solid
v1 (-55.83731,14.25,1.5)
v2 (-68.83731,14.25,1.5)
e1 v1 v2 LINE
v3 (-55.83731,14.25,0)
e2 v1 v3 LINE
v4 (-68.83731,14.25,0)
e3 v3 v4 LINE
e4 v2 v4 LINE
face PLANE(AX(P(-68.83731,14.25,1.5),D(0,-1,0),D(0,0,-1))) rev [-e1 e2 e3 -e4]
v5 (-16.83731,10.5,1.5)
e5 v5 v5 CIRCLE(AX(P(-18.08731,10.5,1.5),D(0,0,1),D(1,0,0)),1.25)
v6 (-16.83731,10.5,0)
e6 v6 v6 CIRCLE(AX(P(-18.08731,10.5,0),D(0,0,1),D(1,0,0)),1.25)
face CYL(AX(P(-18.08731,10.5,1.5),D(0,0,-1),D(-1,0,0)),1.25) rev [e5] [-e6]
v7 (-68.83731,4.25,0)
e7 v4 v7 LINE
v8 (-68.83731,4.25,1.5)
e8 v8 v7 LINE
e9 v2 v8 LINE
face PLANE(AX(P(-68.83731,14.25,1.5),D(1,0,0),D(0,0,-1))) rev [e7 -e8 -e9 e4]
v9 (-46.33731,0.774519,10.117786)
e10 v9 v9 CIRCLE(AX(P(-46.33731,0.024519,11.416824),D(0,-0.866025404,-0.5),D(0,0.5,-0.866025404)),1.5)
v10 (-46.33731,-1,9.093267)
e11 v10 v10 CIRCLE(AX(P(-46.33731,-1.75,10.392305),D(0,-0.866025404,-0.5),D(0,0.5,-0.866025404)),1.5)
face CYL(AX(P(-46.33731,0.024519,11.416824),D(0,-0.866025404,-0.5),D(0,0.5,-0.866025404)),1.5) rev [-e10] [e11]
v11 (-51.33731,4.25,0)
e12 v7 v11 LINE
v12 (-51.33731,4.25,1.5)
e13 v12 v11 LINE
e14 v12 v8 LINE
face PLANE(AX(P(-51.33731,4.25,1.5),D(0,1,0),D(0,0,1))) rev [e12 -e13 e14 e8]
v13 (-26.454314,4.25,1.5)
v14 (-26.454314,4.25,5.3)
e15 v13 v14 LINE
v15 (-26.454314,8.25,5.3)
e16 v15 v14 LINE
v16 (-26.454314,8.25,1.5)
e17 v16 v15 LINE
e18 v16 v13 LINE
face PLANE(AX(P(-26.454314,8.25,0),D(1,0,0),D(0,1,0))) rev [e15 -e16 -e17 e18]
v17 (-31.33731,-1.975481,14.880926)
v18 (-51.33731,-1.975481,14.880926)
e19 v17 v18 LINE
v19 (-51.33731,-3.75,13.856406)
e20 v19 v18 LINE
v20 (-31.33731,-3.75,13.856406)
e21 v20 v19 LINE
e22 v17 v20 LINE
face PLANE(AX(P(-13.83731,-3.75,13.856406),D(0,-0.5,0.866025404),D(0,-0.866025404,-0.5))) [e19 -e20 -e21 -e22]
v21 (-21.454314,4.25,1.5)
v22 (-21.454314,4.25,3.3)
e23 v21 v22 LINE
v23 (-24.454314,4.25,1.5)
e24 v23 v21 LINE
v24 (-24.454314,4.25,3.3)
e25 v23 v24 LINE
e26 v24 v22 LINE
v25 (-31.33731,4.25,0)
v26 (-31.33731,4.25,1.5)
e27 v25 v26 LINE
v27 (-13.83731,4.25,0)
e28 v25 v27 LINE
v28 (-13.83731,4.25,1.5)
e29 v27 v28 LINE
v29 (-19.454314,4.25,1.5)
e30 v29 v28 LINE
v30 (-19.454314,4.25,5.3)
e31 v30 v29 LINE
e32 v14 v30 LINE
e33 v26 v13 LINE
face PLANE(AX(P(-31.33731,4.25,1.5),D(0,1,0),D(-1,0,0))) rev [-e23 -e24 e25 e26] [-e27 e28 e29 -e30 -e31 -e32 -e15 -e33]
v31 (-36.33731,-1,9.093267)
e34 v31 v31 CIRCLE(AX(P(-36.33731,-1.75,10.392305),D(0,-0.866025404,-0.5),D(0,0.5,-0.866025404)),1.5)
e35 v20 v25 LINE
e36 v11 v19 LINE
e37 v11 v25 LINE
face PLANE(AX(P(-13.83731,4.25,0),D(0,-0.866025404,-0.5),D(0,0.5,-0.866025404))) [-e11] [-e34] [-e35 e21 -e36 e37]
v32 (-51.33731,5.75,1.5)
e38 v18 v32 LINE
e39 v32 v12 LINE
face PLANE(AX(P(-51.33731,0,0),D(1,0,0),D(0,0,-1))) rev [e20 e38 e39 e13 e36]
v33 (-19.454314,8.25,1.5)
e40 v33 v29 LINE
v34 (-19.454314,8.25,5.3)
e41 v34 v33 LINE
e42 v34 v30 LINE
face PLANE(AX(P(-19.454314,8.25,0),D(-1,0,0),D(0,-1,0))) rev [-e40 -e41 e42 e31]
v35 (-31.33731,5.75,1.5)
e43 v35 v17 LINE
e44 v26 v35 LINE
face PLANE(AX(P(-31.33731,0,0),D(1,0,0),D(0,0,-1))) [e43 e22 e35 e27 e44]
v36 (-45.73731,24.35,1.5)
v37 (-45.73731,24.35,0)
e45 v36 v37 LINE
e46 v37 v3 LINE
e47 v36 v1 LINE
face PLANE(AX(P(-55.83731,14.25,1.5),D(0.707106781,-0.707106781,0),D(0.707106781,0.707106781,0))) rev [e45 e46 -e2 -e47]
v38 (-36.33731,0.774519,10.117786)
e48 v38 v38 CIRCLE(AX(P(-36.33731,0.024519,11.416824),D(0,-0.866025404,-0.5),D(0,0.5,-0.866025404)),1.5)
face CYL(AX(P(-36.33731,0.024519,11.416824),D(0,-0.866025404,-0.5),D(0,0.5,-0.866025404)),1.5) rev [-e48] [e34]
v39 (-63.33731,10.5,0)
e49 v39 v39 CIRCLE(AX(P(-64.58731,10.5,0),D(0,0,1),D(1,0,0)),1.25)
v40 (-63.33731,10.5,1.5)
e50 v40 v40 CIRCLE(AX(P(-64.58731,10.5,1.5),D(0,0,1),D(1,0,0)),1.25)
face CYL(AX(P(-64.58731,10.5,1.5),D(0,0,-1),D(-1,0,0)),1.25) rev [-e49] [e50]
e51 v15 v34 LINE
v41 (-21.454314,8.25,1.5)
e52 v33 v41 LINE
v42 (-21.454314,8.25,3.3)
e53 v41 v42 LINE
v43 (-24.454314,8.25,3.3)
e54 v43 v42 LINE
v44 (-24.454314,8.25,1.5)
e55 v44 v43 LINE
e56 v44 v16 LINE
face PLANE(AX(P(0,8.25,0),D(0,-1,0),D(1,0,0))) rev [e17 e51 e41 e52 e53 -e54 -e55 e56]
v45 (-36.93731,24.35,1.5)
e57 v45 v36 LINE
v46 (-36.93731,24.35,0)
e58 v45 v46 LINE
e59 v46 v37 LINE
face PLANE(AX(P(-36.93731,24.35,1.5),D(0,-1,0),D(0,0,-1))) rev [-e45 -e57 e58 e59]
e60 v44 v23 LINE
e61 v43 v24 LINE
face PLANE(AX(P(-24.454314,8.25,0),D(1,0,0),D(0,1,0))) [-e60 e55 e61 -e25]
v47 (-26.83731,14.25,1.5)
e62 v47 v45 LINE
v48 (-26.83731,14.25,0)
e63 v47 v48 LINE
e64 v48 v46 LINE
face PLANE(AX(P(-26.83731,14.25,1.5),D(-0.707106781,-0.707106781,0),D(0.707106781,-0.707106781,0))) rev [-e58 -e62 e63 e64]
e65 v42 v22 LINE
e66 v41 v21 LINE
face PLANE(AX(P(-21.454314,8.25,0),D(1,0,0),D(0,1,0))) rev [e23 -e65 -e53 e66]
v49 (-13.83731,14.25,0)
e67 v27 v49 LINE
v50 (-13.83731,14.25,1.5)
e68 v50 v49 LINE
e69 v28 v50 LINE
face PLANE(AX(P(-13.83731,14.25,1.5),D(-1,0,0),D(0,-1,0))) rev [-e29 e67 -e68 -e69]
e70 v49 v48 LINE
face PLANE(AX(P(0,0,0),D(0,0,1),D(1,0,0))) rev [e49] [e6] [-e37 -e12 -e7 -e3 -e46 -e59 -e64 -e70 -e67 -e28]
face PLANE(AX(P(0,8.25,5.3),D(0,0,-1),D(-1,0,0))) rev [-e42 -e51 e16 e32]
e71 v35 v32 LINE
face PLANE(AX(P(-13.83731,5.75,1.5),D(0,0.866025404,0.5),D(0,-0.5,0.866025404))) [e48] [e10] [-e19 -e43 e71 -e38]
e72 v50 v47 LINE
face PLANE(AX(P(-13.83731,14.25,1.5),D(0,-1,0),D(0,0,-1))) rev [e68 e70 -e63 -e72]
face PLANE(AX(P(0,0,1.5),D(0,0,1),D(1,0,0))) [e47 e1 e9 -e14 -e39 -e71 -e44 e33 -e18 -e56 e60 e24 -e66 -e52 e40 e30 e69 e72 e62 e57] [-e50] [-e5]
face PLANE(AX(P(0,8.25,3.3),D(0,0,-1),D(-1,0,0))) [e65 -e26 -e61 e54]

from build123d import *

# Parameters (mm, degrees)
CROQUIS1_R              = 1.25
SALIENTE_EXTRUIR1_DEPTH = 1.5
SALIENTE_EXTRUIR2_DEPTH = 55
CORTAR_EXTRUIR1_DEPTH   = 17.5
CORTAR_EXTRUIR2_DEPTH   = 17.5
CROQUIS4_R              = 1.5
CORTAR_EXTRUIR3_DEPTH   = 2.049041
SALIENTE_EXTRUIR3_DEPTH = 4


with BuildPart() as part:
    # Croquis1 → Saliente-Extruir1 (new body)
    with BuildSketch(Plane.XY):
        Polygon((-68.837310195, 14.25), (-55.837310195, 14.25), (-45.737310195, 24.35), (-36.937310195, 24.35), (-26.837310195, 14.25), (-13.837310195, 14.25), (-13.837310195, 4.25), (-68.837310195, 4.25), align=None)
        with Locations((-18.087310195, 10.5)):
            Circle(CROQUIS1_R, mode=Mode.SUBTRACT)
        with Locations((-64.587310195, 10.5)):
            Circle(CROQUIS1_R, mode=Mode.SUBTRACT)
    extrude(amount=SALIENTE_EXTRUIR1_DEPTH)

    # Croquis2 → Saliente-Extruir2 (add)
    with BuildSketch(Plane.ZY.offset(68.837310195)):
        Polygon((13.856406461, -3.75), (14.880925513, -1.975480947), (1.5, 5.75), (1.5, 4.25), (0, 4.25), align=None)
    extrude(amount=-SALIENTE_EXTRUIR2_DEPTH)

    # Croquis2<2> → Cortar-Extruir1 (cut)
    with BuildSketch(Plane.ZY.offset(68.837310195)):
        Polygon((13.856406461, -3.75), (14.880925513, -1.975480947), (1.5, 5.75), (1.5, 4.25), (0, 4.25), align=None)
    extrude(amount=-CORTAR_EXTRUIR1_DEPTH, mode=Mode.SUBTRACT)

    # Croquis3 → Cortar-Extruir2 (cut)
    with BuildSketch(Plane(origin=(-13.837310195, 0, 0), x_dir=(0, 0, -1), z_dir=(1, 0, 0))):
        Polygon((-1.5, 5.75), (-14.880925513, -1.975480947), (-13.856406461, -3.75), (0, 4.25), (-1.5, 4.25), align=None)
    extrude(amount=-CORTAR_EXTRUIR2_DEPTH, mode=Mode.SUBTRACT)

    # Croquis4 → Cortar-Extruir3 (cut)
    with BuildSketch(Plane(origin=(0, 3.1875, 1.840303983), x_dir=(1, 0, 0), z_dir=(0, -0.8660254037844399, -0.4999999999999978))):
        with Locations(Location((-36.337310195, 9.875, 0), (0, 0, 270))):
            Circle(CROQUIS4_R)
        with Locations(Location((-46.337310195, 9.875, 0), (0, 0, 270))):
            Circle(CROQUIS4_R)
    extrude(amount=-CORTAR_EXTRUIR3_DEPTH, mode=Mode.SUBTRACT)

    # Croquis5 → Saliente-Extruir3 (add)
    with BuildSketch(Plane.XZ.offset(-4.25)):
        Polygon((-26.454313708, 1.5), (-24.454313708, 1.5), (-24.454313708, 3.3), (-21.454313708, 3.3), (-21.454313708, 1.5), (-19.454313708, 1.5), (-19.454313708, 5.3), (-26.454313708, 5.3), align=None)
    extrude(amount=-SALIENTE_EXTRUIR3_DEPTH)


solid = part.part
